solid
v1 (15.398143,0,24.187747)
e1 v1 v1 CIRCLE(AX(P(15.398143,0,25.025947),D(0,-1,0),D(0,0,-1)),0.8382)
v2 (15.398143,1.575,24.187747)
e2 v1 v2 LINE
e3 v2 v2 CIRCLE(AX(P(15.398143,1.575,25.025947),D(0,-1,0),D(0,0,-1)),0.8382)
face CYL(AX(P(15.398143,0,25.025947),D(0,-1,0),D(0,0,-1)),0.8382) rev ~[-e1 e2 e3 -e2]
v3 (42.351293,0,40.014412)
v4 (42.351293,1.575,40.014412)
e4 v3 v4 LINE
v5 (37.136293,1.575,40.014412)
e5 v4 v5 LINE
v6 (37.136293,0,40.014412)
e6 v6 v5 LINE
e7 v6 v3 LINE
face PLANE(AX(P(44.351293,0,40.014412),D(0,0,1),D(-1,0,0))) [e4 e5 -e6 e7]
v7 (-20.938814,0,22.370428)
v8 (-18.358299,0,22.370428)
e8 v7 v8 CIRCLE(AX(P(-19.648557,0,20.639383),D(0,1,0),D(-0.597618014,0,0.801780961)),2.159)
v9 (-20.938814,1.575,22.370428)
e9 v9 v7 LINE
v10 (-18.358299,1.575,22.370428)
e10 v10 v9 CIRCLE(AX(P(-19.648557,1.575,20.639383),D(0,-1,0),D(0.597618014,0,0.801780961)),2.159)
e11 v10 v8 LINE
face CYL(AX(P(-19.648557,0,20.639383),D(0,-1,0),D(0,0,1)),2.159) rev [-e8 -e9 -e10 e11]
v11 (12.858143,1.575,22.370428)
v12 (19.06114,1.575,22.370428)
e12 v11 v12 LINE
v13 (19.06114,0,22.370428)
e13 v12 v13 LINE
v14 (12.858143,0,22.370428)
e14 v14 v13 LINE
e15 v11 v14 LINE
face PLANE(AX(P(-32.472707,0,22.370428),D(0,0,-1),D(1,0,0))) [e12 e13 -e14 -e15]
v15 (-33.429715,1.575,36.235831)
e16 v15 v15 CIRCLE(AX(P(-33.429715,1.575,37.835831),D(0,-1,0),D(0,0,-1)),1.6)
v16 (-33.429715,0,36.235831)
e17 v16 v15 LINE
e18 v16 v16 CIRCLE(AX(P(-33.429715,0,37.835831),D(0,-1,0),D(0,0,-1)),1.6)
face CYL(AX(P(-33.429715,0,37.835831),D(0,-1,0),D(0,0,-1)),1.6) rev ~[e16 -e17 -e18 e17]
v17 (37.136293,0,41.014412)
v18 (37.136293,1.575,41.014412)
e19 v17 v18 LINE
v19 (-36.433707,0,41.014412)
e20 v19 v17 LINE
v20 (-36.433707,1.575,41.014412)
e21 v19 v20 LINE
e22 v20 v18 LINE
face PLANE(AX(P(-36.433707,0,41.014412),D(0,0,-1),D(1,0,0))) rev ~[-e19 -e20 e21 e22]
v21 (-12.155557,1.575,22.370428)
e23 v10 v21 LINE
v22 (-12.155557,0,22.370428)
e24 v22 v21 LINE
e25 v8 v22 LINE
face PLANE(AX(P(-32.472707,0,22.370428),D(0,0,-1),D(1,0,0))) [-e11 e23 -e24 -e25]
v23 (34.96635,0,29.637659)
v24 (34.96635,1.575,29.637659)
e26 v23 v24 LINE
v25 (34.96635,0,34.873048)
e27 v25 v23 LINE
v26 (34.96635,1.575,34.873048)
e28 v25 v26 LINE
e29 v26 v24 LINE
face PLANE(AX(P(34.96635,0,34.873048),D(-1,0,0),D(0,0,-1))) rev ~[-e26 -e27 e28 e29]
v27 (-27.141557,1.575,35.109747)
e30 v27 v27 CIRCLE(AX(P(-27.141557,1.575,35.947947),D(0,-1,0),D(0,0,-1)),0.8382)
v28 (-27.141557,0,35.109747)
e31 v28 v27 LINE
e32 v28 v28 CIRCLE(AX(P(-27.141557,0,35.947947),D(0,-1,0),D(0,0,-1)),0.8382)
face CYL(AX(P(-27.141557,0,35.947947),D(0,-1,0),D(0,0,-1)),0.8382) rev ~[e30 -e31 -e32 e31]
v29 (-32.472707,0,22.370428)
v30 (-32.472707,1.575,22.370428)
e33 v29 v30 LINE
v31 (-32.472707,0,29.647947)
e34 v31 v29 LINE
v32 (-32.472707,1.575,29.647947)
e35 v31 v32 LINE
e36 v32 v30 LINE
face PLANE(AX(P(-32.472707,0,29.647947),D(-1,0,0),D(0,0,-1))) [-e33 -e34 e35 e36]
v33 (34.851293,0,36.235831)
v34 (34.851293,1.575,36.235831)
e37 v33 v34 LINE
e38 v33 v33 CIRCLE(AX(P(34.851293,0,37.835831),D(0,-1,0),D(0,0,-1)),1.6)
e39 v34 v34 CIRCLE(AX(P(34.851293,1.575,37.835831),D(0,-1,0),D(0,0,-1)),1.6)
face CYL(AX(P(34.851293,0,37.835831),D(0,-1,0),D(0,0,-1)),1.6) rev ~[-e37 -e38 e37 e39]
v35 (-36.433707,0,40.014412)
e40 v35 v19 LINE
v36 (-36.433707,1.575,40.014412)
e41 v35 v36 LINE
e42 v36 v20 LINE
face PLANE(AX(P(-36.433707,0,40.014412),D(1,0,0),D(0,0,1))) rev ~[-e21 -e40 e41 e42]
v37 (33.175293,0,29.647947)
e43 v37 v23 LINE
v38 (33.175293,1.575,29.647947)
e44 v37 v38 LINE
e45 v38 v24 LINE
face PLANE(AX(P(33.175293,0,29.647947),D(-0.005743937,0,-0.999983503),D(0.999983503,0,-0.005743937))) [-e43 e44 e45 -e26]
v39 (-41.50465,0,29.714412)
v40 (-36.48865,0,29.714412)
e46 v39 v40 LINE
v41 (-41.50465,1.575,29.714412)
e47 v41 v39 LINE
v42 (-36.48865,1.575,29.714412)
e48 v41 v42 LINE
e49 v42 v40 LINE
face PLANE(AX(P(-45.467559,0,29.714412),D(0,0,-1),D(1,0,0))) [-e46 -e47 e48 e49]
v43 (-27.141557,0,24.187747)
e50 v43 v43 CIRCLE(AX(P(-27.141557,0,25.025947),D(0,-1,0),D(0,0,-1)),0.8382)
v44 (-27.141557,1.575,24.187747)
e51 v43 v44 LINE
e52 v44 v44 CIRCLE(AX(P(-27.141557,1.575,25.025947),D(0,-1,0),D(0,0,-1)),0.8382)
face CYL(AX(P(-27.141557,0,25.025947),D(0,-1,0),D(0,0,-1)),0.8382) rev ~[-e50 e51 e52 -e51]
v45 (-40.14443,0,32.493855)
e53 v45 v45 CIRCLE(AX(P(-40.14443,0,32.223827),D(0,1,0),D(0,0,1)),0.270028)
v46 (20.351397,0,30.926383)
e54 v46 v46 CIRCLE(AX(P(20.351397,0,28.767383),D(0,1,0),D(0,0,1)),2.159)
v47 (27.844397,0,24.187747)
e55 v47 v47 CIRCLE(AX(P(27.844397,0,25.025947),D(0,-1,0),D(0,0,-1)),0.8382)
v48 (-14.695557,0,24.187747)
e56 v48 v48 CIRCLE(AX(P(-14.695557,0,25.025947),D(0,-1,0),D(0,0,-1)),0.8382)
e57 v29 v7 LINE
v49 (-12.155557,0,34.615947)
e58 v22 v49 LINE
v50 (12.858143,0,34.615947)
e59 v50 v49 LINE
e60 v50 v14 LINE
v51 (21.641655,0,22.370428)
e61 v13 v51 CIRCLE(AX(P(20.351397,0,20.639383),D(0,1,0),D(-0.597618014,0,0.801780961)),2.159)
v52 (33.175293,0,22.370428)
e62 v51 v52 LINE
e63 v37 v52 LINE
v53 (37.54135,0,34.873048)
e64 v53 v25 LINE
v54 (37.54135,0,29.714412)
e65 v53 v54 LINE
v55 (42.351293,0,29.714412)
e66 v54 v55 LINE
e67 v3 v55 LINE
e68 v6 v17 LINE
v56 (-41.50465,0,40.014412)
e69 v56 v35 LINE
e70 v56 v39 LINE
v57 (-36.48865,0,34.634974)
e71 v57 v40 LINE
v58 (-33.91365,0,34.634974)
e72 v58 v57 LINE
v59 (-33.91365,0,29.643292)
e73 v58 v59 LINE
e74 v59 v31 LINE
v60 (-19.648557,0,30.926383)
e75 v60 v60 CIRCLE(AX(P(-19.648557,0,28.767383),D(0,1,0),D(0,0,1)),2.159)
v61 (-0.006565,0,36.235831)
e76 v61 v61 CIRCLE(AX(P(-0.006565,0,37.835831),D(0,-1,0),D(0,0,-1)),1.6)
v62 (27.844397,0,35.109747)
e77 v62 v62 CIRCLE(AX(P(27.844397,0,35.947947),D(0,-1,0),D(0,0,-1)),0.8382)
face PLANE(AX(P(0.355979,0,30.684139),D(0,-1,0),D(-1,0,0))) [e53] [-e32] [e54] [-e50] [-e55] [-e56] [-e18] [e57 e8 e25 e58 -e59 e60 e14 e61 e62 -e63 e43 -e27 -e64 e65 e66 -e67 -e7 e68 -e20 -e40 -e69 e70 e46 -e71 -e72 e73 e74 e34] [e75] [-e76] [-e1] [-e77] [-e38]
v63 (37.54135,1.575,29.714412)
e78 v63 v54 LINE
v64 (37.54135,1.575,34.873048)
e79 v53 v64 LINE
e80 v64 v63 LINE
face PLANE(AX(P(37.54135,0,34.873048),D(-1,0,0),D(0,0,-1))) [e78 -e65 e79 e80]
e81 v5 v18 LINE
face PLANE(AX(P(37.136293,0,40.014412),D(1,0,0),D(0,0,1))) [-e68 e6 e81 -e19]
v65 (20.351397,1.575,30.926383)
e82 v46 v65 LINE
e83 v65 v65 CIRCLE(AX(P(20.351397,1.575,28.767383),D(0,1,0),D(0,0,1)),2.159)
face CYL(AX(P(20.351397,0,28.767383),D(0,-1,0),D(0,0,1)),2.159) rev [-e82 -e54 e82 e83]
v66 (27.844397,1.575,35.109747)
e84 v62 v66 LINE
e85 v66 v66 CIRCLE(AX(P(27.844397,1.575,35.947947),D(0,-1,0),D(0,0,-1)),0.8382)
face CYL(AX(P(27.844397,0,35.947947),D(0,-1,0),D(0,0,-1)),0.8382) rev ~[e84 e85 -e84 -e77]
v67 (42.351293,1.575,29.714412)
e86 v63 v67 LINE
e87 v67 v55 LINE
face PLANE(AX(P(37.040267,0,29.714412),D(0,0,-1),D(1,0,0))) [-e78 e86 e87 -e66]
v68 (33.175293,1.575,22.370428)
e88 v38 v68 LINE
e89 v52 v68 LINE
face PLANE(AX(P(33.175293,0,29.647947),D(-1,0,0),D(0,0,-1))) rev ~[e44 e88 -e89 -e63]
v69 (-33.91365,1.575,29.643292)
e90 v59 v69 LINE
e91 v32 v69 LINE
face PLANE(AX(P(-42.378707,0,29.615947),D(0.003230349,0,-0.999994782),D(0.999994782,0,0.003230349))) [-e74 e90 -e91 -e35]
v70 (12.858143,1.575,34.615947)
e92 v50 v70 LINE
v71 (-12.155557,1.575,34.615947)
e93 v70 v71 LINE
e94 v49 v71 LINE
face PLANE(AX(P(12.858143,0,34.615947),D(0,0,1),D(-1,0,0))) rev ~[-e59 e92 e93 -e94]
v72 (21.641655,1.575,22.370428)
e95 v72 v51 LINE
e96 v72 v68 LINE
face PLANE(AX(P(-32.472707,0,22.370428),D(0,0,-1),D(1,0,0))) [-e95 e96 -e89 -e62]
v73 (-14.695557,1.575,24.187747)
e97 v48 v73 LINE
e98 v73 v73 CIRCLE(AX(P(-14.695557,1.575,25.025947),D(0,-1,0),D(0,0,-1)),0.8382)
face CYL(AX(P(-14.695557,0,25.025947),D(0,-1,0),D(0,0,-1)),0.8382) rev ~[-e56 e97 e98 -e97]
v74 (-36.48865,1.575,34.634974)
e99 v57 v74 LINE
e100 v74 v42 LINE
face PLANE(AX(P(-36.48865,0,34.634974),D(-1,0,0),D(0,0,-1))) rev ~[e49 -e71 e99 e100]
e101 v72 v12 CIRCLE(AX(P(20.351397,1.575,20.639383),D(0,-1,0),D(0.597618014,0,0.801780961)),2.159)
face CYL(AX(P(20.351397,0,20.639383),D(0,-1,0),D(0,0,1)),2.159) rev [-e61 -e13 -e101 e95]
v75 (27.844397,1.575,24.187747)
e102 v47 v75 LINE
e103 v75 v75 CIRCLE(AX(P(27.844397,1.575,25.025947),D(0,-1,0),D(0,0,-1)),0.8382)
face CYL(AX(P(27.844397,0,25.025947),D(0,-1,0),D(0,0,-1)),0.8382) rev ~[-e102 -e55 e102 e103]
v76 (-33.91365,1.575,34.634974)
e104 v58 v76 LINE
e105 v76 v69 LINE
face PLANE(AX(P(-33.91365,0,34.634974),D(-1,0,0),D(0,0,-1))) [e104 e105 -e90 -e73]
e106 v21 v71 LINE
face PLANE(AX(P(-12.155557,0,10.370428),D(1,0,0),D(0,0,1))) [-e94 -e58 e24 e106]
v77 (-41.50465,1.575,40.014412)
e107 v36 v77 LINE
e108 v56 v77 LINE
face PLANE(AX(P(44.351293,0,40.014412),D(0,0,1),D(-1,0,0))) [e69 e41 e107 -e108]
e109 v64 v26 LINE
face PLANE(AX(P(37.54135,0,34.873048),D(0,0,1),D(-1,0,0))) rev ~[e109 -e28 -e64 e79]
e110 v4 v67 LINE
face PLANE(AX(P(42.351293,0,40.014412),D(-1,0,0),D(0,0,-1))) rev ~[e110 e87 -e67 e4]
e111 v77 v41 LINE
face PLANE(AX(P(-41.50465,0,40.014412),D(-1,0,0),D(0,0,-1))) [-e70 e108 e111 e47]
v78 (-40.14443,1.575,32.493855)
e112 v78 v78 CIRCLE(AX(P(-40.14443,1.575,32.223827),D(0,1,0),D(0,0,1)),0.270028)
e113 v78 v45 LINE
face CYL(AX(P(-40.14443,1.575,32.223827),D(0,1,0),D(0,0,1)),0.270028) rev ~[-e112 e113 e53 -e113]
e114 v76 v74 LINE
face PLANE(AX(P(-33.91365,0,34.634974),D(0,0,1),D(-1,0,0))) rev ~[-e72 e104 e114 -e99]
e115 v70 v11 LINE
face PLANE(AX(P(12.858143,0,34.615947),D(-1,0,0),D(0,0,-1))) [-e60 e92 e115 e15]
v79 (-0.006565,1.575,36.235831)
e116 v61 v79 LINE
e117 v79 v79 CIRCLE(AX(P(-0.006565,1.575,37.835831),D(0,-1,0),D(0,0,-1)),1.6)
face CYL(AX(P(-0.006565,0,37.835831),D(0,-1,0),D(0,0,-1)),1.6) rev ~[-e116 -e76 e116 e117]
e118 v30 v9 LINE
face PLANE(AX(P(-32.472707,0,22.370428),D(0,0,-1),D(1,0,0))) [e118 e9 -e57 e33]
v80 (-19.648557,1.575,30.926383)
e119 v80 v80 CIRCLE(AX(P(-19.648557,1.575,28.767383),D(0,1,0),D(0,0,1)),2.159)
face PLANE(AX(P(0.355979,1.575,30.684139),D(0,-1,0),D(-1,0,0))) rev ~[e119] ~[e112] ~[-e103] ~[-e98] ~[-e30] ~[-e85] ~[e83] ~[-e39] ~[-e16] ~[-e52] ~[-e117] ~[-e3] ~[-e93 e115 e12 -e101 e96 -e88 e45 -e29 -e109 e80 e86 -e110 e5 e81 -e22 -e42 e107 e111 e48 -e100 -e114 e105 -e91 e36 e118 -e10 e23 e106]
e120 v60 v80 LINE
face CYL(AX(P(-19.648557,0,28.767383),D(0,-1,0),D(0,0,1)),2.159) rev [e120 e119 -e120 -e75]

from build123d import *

# Parameters (mm, degrees)
SKETCH1_R                           = 2.159
BOSS_EXTRUDE1_DEPTH                 = 1.575
SKETCH2_W                           = 93.457658642
SKETCH2_H                           = 6.602
CUT_EXTRUDE1_DEPTH                  = 65.362755899
CUT_EXTRUDE2_DEPTH                  = 60.755092082
CUT_EXTRUDE3_DEPTH                  = 60.755092082
SKETCH6_R                           = 0.8382
CUT_EXTRUDE4_DEPTH                  = 2.54
SKETCH7_W                           = 65.648
SKETCH7_H                           = 12
CUT_EXTRUDE5_DEPTH                  = 59.286069146
SKETCH11_R                          = 0.270027719
ID_HOLE_DEPTH                       = 59.286069146
SKETCH12_W                          = 2.575
SKETCH12_H                          = 5
NOTCH_FOR_BPR_TOP_VIEW_DEPTH        = 59.286069146
SKETCH14_W                          = 2.575
SKETCH14_H                          = 12.502619879
NOTCH_FOR_BPL_TOP_VIEW_DEPTH        = 59.286069146
SKETCH17_W                          = 73.57
SKETCH17_H                          = 1
CREATE_LIP_FOR_M3_SPACER_HOLE_DEPTH = 1.575
SKETCH15_R                          = 1.6
HOLE_FOR_M3_SPACER_DEPTH            = 59.977069112
SKETCH19_W                          = 6.013982762
SKETCH19_H                          = 1.7
SKETCH19_W_2                        = 9.814467677
CUT_EXTRUDE7_DEPTH                  = 59.977069112


with BuildPart() as part:
    # Sketch1 → Boss-Extrude1 (new body)
    with BuildSketch(Plane(origin=(0, 0, 0), x_dir=(1, 0, 0), z_dir=(0, 1, 0))):
        Polygon((44.351293299, -40.014412246), (37.136293299, -40.014412246), (37.136293299, -46.615946892), (29.968293307, -46.615946892), (-30.083706693, -46.615946892), (-36.433706701, -46.615946892), (-36.433706701, -40.014412246), (-43.648706701, -40.014412246), (-43.648706701, -30.885946892), (-43.648706701, -29.647946892), (-42.378706693, -29.615946892), (-32.472706701, -29.647946892), (-32.472706701, -10.370428445), (-12.155556701, -10.370428445), (-12.155556701, -34.615947016), (-11.557706701, -34.615947016), (12.260293299, -34.615947016), (12.858143299, -34.615947016), (12.858143299, -10.370428445), (33.175293299, -10.370428445), (33.175293299, -12.929386892), (33.175293299, -29.647946892), (38.746293307, -29.615946892), (42.351293307, -29.615946892), (44.351293299, -29.615946892), (44.351293299, -31.651946892), align=None)
        with Locations(Location((-19.648556701, -28.76738335, 0), (0, 0, 270))):
            Circle(SKETCH1_R, mode=Mode.SUBTRACT)
        with Locations(Location((-19.648556701, -20.63938335, 0), (0, 0, 270))):
            Circle(SKETCH1_R, mode=Mode.SUBTRACT)
        with Locations(Location((20.351397299, -20.63938335, 0), (0, 0, 270))):
            Circle(SKETCH1_R, mode=Mode.SUBTRACT)
        with Locations(Location((20.351397299, -28.76738335, 0), (0, 0, 270))):
            Circle(SKETCH1_R, mode=Mode.SUBTRACT)
    extrude(amount=BOSS_EXTRUDE1_DEPTH)

    # Sketch2 → Cut-Extrude1 (cut, through all)
    with BuildSketch(Plane.XZ):
        with Locations((-2.377536022, 43.315412246)):
            Rectangle(SKETCH2_W, SKETCH2_H)
    extrude(amount=-CUT_EXTRUDE1_DEPTH, mode=Mode.SUBTRACT)

    # Sketch3 → Cut-Extrude2 (cut, through all)
    with BuildSketch(Plane.XZ):
        Polygon((-41.504650493, 40.014412246), (-41.504650493, 29.618770413), (-34.629650483, 29.640979175), (-34.629650483, 8.976090323), (-48.128778183, 8.976090323), (-48.128778183, 40.014412246), align=None)
    extrude(amount=-CUT_EXTRUDE2_DEPTH, mode=Mode.SUBTRACT)

    # Sketch4 → Cut-Extrude3 (cut, through all)
    with BuildSketch(Plane.XZ):
        Polygon((42.351293299, 40.014412246), (42.351293299, 32.420104455), (42.351293299, 29.615946892), (35.476293307, 29.615946892), (35.476293307, 10.370428445), (54.710892309, 10.370428445), (54.710892309, 40.014412246), align=None)
    extrude(amount=-CUT_EXTRUDE3_DEPTH, mode=Mode.SUBTRACT)

    # Sketch6 → Cut-Extrude4 (cut)
    with BuildSketch(Plane(origin=(0, 0, 0), x_dir=(-1, 0, 0), z_dir=(0, -1, 0))):
        with Locations(Location((27.141556701, -35.947946892, 0), (0, 0, 90))):
            Circle(SKETCH6_R)
        with Locations(Location((27.141556701, -25.025946892, 0), (0, 0, 90))):
            Circle(SKETCH6_R)
        with Locations(Location((14.695556701, -25.025946892, 0), (0, 0, 90))):
            Circle(SKETCH6_R)
        with Locations(Location((-15.398143299, -25.025946892, 0), (0, 0, 90))):
            Circle(SKETCH6_R)
        with Locations(Location((-27.844397299, -25.025946892, 0), (0, 0, 90))):
            Circle(SKETCH6_R)
        with Locations(Location((-27.844397299, -35.947946892, 0), (0, 0, 90))):
            Circle(SKETCH6_R)
    extrude(amount=-CUT_EXTRUDE4_DEPTH, mode=Mode.SUBTRACT)

    # Sketch7 → Cut-Extrude5 (cut, through all)
    with BuildSketch(Plane.XZ):
        with Locations((0.351293299, 16.370428445)):
            Rectangle(SKETCH7_W, SKETCH7_H)
    extrude(amount=-CUT_EXTRUDE5_DEPTH, mode=Mode.SUBTRACT)

    # Sketch11 → ID HOLE (cut, through all)
    with BuildSketch(Plane(origin=(0, 1.575, 0), x_dir=(1, 0, 0), z_dir=(0, 1, 0))):
        with Locations(Location((-40.144429695, -32.22382703, 0), (0, 0, 270))):
            Circle(SKETCH11_R)
    extrude(amount=-ID_HOLE_DEPTH, mode=Mode.SUBTRACT)

    # Sketch12 → Notch for BPR (TOP VIEW) (cut, through all)
    with BuildSketch(Plane(origin=(0, 0, 0), x_dir=(-1, 0, 0), z_dir=(0, -1, 0))):
        with Locations((35.201150493, -32.134973926)):
            Rectangle(SKETCH12_W, SKETCH12_H)
    extrude(amount=-NOTCH_FOR_BPR_TOP_VIEW_DEPTH, mode=Mode.SUBTRACT)

    # Sketch14 → Notch for BPL (TOP VIEW) (cut, through all)
    with BuildSketch(Plane(origin=(0, 0, 0), x_dir=(-1, 0, 0), z_dir=(0, -1, 0))):
        with Locations((-36.253849507, -28.621738385)):
            Rectangle(SKETCH14_W, SKETCH14_H)
    extrude(amount=-NOTCH_FOR_BPL_TOP_VIEW_DEPTH, mode=Mode.SUBTRACT)

    # Sketch17 → Create Lip for M3 Spacer Hole (add)
    with BuildSketch(Plane.XZ):
        with Locations((0.351293299, 40.514412246)):
            Rectangle(SKETCH17_W, SKETCH17_H)
    extrude(amount=-CREATE_LIP_FOR_M3_SPACER_HOLE_DEPTH)

    # Sketch15 → HOLE for M3 Spacer (cut, through all)
    with BuildSketch(Plane.XZ):
        with Locations(Location((-0.006565304, 37.835831124, 0), (0, 0, 270))):
            Circle(SKETCH15_R)
        with Locations(Location((-33.429715371, 37.835831124, 0), (0, 0, 270))):
            Circle(SKETCH15_R)
        with Locations(Location((34.851293299, 37.835831124, 0), (0, 0, 270))):
            Circle(SKETCH15_R)
    extrude(amount=-HOLE_FOR_M3_SPACER_DEPTH, mode=Mode.SUBTRACT)

    # Sketch19 → Cut-Extrude7 (cut, through all)
    with BuildSketch(Plane.XZ):
        with Locations((40.047258401, 28.864412246)):
            Rectangle(SKETCH19_W, SKETCH19_H)
        with Locations((-40.560325306, 28.864412246)):
            Rectangle(SKETCH19_W_2, SKETCH19_H)
    extrude(amount=-CUT_EXTRUDE7_DEPTH, mode=Mode.SUBTRACT)


solid = part.part
